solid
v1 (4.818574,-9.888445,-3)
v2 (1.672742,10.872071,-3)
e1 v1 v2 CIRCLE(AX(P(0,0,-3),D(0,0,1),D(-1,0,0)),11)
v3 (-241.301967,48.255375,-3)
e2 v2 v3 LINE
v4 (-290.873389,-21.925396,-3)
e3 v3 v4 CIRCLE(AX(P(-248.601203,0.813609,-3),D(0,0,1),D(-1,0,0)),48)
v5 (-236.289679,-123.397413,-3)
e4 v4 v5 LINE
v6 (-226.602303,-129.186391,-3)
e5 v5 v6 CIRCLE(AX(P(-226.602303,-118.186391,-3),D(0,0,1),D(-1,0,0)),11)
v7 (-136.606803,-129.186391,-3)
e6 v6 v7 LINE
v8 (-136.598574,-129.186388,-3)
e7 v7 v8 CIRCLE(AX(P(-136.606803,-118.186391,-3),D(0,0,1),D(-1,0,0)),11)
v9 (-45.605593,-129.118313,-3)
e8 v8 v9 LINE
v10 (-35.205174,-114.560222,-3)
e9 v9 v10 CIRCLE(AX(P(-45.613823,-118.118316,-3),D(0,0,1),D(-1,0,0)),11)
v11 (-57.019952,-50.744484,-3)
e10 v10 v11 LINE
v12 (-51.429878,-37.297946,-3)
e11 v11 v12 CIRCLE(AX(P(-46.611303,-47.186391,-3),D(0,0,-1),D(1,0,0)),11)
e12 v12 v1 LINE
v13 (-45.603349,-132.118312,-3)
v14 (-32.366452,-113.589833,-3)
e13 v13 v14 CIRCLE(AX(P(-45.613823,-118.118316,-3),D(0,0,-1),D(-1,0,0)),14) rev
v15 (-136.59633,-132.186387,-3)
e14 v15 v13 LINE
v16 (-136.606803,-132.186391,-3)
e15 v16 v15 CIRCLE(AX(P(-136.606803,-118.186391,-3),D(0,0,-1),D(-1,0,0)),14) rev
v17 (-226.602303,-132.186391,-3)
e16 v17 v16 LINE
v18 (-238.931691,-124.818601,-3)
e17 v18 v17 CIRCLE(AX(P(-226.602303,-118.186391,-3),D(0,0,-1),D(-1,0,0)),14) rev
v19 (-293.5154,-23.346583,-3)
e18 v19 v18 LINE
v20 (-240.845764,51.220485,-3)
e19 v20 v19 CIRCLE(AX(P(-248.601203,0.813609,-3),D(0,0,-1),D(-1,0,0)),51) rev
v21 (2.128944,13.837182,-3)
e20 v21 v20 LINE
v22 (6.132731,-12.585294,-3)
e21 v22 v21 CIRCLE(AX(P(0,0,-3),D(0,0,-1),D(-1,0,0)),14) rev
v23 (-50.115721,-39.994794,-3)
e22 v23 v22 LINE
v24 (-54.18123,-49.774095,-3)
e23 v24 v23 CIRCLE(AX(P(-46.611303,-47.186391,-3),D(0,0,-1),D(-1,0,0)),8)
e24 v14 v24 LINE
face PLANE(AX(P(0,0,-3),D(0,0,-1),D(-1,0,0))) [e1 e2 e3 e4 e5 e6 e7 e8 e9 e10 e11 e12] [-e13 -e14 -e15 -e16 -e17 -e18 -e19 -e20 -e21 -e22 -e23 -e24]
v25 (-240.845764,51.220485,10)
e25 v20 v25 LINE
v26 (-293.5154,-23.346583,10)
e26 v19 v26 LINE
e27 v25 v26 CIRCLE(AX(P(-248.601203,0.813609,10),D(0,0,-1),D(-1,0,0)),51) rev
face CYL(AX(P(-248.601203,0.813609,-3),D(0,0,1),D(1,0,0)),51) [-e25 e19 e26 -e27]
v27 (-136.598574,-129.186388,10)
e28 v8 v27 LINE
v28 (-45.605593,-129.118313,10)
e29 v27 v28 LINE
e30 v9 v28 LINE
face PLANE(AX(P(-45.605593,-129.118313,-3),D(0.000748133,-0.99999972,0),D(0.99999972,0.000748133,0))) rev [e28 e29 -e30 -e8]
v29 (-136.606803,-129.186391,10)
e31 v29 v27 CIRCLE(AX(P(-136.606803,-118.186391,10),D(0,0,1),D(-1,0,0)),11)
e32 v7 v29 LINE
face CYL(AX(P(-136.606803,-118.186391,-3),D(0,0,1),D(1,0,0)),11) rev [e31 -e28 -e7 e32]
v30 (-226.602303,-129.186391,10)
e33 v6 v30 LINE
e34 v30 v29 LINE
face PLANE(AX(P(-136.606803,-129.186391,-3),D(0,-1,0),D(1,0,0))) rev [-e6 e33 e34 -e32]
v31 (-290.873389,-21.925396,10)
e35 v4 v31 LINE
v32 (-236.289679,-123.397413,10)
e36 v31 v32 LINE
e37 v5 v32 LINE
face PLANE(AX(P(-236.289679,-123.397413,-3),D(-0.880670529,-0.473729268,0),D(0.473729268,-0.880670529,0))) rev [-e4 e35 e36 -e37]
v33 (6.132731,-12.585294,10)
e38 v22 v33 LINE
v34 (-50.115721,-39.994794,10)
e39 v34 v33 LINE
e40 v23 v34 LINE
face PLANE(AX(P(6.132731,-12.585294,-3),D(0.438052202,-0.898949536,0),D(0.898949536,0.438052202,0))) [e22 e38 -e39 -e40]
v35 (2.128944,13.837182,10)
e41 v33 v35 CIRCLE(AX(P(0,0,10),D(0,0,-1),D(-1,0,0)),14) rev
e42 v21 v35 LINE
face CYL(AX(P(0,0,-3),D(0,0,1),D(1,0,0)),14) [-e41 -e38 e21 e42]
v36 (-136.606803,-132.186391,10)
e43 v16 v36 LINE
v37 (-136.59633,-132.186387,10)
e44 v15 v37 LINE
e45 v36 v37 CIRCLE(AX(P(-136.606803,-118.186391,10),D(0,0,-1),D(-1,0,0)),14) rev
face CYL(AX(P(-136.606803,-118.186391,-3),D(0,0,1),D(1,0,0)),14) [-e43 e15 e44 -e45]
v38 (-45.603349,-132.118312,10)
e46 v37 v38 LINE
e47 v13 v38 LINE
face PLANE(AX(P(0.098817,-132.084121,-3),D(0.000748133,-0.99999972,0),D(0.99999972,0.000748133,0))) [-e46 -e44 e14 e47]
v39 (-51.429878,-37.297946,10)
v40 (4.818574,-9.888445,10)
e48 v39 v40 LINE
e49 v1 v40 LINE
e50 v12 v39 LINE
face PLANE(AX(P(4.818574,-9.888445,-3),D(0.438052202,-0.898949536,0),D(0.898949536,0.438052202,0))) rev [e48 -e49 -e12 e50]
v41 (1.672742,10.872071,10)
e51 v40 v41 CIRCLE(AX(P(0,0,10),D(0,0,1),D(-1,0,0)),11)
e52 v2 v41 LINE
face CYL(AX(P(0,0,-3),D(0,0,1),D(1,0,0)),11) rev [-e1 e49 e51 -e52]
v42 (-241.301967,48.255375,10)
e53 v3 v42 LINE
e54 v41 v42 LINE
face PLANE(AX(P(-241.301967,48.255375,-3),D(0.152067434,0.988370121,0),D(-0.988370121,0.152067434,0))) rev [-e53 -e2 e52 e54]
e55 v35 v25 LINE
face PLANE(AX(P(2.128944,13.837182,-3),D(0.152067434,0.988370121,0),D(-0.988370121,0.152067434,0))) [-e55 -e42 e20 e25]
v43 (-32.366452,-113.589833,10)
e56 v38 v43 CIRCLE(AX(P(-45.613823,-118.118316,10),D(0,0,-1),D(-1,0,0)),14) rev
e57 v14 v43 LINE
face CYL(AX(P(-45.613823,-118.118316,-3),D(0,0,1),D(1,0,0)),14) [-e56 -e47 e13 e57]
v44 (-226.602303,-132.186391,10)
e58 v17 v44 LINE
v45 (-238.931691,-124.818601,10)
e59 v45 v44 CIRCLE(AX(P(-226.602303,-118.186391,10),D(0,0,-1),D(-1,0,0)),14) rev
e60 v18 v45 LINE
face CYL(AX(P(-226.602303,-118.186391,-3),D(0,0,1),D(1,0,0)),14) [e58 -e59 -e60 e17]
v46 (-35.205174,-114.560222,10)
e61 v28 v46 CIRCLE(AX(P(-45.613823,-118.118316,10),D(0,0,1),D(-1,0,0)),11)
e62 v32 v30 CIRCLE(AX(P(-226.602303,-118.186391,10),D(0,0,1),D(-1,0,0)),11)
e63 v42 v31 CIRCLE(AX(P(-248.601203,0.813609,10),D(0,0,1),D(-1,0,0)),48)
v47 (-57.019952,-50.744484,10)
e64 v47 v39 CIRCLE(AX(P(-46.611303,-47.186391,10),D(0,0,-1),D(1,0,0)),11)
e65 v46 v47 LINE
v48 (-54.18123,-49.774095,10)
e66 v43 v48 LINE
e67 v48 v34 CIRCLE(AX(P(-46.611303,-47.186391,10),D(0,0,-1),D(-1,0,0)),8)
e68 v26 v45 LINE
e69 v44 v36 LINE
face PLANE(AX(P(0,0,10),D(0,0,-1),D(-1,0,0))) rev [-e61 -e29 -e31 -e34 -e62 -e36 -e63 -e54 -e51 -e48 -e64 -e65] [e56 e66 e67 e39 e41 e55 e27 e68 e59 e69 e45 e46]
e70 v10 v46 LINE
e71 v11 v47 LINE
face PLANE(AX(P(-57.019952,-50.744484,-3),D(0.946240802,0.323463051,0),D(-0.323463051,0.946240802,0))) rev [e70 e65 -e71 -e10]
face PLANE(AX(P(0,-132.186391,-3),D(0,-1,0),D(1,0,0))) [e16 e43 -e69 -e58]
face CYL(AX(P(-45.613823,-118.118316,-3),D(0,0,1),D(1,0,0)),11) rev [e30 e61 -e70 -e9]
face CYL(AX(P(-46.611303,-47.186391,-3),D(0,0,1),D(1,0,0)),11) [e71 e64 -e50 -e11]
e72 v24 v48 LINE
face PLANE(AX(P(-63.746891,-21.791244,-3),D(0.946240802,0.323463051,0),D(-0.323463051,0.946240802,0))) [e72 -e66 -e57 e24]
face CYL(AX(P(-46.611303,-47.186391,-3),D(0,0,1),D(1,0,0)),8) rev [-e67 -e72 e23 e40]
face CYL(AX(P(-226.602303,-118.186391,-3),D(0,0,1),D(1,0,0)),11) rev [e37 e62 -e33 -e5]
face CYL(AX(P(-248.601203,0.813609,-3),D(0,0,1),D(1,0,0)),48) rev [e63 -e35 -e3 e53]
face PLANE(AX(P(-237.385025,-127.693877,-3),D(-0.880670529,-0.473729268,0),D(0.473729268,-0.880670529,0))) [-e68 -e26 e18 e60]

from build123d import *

# Parameters (mm, degrees)
EXTRUDE_THIN1_DEPTH      = 10
EXTRUDE_THIN1_DEPTH_BACK = 3


with BuildPart() as part:
    # Sketch2 → Extrude-Thin1 (new, two sides: drawn at the far end of the back side and taken through both)
    with BuildSketch(Plane.XY.offset(-EXTRUDE_THIN1_DEPTH_BACK)):
        with BuildLine():
            Line((-240.84576429, 51.220485395), (2.128944074, 13.83718169))
            ThreePointArc((2.128944074, 13.83718169), (13.841987462, 2.097470641), (6.132730824, -12.585293506))
            Line((6.132730824, -12.585293506), (-50.115721031, -39.994794473))
            ThreePointArc((-50.115721031, -39.994794473), (-53.998383655, -44.115390019), (-54.18122983, -49.77409517))
            Line((-54.18122983, -49.77409517), (-32.366451516, -113.589833173))
            ThreePointArc((-32.366451516, -113.589833173), (-34.222214173, -126.256574565), (-45.603348876, -132.11831197))
            Line((-45.603348876, -132.11831197), (-136.596329555, -132.186386844))
            ThreePointArc((-136.596329554, -132.186386844), (-136.601566486, -132.186389782), (-136.606803418, -132.186390762))
            Line((-136.606803418, -132.186390762), (-226.602303418, -132.186390762))
            ThreePointArc((-226.602303418, -132.186390762), (-233.783844459, -130.204105531), (-238.931690823, -124.818600515))
            Line((-238.931690823, -124.818600515), (-293.515400395, -23.346583433))
            ThreePointArc((-293.515400395, -23.346583433), (-290.257598601, 30.23714982), (-240.84576429, 51.220485395))
        make_face()
        with BuildLine():
            Line((-241.301966592, 48.255375033), (1.672741773, 10.872071328))
            ThreePointArc((1.672741773, 10.872071328), (10.875847292, 1.648012647), (4.818574219, -9.888444898))
            Line((4.818574219, -9.888444898), (-51.429877637, -37.297945864))
            ThreePointArc((-51.429877637, -37.297945864), (-56.768538744, -42.963764741), (-57.019952235, -50.744484323))
            Line((-57.019952235, -50.744484323), (-35.205173921, -114.560222326))
            ThreePointArc((-35.205173921, -114.560222326), (-36.663273152, -124.512661991), (-45.605593275, -129.11831281))
            Line((-45.605593275, -129.11831281), (-136.598573954, -129.186387684))
            ThreePointArc((-136.598573954, -129.186387684), (-136.602688686, -129.186389992), (-136.606803418, -129.186390762))
            Line((-136.606803418, -129.186390762), (-226.602303418, -129.186390762))
            ThreePointArc((-226.602303418, -129.186390762), (-232.244942807, -127.628880938), (-236.289679236, -123.397412711))
            Line((-236.289679236, -123.397412711), (-290.873388808, -21.925395629))
            ThreePointArc((-290.873388808, -21.925395629), (-287.807222413, 28.506353315), (-241.301966592, 48.255375033))
        make_face(mode=Mode.SUBTRACT)
    extrude(amount=EXTRUDE_THIN1_DEPTH + EXTRUDE_THIN1_DEPTH_BACK)


solid = part.part
